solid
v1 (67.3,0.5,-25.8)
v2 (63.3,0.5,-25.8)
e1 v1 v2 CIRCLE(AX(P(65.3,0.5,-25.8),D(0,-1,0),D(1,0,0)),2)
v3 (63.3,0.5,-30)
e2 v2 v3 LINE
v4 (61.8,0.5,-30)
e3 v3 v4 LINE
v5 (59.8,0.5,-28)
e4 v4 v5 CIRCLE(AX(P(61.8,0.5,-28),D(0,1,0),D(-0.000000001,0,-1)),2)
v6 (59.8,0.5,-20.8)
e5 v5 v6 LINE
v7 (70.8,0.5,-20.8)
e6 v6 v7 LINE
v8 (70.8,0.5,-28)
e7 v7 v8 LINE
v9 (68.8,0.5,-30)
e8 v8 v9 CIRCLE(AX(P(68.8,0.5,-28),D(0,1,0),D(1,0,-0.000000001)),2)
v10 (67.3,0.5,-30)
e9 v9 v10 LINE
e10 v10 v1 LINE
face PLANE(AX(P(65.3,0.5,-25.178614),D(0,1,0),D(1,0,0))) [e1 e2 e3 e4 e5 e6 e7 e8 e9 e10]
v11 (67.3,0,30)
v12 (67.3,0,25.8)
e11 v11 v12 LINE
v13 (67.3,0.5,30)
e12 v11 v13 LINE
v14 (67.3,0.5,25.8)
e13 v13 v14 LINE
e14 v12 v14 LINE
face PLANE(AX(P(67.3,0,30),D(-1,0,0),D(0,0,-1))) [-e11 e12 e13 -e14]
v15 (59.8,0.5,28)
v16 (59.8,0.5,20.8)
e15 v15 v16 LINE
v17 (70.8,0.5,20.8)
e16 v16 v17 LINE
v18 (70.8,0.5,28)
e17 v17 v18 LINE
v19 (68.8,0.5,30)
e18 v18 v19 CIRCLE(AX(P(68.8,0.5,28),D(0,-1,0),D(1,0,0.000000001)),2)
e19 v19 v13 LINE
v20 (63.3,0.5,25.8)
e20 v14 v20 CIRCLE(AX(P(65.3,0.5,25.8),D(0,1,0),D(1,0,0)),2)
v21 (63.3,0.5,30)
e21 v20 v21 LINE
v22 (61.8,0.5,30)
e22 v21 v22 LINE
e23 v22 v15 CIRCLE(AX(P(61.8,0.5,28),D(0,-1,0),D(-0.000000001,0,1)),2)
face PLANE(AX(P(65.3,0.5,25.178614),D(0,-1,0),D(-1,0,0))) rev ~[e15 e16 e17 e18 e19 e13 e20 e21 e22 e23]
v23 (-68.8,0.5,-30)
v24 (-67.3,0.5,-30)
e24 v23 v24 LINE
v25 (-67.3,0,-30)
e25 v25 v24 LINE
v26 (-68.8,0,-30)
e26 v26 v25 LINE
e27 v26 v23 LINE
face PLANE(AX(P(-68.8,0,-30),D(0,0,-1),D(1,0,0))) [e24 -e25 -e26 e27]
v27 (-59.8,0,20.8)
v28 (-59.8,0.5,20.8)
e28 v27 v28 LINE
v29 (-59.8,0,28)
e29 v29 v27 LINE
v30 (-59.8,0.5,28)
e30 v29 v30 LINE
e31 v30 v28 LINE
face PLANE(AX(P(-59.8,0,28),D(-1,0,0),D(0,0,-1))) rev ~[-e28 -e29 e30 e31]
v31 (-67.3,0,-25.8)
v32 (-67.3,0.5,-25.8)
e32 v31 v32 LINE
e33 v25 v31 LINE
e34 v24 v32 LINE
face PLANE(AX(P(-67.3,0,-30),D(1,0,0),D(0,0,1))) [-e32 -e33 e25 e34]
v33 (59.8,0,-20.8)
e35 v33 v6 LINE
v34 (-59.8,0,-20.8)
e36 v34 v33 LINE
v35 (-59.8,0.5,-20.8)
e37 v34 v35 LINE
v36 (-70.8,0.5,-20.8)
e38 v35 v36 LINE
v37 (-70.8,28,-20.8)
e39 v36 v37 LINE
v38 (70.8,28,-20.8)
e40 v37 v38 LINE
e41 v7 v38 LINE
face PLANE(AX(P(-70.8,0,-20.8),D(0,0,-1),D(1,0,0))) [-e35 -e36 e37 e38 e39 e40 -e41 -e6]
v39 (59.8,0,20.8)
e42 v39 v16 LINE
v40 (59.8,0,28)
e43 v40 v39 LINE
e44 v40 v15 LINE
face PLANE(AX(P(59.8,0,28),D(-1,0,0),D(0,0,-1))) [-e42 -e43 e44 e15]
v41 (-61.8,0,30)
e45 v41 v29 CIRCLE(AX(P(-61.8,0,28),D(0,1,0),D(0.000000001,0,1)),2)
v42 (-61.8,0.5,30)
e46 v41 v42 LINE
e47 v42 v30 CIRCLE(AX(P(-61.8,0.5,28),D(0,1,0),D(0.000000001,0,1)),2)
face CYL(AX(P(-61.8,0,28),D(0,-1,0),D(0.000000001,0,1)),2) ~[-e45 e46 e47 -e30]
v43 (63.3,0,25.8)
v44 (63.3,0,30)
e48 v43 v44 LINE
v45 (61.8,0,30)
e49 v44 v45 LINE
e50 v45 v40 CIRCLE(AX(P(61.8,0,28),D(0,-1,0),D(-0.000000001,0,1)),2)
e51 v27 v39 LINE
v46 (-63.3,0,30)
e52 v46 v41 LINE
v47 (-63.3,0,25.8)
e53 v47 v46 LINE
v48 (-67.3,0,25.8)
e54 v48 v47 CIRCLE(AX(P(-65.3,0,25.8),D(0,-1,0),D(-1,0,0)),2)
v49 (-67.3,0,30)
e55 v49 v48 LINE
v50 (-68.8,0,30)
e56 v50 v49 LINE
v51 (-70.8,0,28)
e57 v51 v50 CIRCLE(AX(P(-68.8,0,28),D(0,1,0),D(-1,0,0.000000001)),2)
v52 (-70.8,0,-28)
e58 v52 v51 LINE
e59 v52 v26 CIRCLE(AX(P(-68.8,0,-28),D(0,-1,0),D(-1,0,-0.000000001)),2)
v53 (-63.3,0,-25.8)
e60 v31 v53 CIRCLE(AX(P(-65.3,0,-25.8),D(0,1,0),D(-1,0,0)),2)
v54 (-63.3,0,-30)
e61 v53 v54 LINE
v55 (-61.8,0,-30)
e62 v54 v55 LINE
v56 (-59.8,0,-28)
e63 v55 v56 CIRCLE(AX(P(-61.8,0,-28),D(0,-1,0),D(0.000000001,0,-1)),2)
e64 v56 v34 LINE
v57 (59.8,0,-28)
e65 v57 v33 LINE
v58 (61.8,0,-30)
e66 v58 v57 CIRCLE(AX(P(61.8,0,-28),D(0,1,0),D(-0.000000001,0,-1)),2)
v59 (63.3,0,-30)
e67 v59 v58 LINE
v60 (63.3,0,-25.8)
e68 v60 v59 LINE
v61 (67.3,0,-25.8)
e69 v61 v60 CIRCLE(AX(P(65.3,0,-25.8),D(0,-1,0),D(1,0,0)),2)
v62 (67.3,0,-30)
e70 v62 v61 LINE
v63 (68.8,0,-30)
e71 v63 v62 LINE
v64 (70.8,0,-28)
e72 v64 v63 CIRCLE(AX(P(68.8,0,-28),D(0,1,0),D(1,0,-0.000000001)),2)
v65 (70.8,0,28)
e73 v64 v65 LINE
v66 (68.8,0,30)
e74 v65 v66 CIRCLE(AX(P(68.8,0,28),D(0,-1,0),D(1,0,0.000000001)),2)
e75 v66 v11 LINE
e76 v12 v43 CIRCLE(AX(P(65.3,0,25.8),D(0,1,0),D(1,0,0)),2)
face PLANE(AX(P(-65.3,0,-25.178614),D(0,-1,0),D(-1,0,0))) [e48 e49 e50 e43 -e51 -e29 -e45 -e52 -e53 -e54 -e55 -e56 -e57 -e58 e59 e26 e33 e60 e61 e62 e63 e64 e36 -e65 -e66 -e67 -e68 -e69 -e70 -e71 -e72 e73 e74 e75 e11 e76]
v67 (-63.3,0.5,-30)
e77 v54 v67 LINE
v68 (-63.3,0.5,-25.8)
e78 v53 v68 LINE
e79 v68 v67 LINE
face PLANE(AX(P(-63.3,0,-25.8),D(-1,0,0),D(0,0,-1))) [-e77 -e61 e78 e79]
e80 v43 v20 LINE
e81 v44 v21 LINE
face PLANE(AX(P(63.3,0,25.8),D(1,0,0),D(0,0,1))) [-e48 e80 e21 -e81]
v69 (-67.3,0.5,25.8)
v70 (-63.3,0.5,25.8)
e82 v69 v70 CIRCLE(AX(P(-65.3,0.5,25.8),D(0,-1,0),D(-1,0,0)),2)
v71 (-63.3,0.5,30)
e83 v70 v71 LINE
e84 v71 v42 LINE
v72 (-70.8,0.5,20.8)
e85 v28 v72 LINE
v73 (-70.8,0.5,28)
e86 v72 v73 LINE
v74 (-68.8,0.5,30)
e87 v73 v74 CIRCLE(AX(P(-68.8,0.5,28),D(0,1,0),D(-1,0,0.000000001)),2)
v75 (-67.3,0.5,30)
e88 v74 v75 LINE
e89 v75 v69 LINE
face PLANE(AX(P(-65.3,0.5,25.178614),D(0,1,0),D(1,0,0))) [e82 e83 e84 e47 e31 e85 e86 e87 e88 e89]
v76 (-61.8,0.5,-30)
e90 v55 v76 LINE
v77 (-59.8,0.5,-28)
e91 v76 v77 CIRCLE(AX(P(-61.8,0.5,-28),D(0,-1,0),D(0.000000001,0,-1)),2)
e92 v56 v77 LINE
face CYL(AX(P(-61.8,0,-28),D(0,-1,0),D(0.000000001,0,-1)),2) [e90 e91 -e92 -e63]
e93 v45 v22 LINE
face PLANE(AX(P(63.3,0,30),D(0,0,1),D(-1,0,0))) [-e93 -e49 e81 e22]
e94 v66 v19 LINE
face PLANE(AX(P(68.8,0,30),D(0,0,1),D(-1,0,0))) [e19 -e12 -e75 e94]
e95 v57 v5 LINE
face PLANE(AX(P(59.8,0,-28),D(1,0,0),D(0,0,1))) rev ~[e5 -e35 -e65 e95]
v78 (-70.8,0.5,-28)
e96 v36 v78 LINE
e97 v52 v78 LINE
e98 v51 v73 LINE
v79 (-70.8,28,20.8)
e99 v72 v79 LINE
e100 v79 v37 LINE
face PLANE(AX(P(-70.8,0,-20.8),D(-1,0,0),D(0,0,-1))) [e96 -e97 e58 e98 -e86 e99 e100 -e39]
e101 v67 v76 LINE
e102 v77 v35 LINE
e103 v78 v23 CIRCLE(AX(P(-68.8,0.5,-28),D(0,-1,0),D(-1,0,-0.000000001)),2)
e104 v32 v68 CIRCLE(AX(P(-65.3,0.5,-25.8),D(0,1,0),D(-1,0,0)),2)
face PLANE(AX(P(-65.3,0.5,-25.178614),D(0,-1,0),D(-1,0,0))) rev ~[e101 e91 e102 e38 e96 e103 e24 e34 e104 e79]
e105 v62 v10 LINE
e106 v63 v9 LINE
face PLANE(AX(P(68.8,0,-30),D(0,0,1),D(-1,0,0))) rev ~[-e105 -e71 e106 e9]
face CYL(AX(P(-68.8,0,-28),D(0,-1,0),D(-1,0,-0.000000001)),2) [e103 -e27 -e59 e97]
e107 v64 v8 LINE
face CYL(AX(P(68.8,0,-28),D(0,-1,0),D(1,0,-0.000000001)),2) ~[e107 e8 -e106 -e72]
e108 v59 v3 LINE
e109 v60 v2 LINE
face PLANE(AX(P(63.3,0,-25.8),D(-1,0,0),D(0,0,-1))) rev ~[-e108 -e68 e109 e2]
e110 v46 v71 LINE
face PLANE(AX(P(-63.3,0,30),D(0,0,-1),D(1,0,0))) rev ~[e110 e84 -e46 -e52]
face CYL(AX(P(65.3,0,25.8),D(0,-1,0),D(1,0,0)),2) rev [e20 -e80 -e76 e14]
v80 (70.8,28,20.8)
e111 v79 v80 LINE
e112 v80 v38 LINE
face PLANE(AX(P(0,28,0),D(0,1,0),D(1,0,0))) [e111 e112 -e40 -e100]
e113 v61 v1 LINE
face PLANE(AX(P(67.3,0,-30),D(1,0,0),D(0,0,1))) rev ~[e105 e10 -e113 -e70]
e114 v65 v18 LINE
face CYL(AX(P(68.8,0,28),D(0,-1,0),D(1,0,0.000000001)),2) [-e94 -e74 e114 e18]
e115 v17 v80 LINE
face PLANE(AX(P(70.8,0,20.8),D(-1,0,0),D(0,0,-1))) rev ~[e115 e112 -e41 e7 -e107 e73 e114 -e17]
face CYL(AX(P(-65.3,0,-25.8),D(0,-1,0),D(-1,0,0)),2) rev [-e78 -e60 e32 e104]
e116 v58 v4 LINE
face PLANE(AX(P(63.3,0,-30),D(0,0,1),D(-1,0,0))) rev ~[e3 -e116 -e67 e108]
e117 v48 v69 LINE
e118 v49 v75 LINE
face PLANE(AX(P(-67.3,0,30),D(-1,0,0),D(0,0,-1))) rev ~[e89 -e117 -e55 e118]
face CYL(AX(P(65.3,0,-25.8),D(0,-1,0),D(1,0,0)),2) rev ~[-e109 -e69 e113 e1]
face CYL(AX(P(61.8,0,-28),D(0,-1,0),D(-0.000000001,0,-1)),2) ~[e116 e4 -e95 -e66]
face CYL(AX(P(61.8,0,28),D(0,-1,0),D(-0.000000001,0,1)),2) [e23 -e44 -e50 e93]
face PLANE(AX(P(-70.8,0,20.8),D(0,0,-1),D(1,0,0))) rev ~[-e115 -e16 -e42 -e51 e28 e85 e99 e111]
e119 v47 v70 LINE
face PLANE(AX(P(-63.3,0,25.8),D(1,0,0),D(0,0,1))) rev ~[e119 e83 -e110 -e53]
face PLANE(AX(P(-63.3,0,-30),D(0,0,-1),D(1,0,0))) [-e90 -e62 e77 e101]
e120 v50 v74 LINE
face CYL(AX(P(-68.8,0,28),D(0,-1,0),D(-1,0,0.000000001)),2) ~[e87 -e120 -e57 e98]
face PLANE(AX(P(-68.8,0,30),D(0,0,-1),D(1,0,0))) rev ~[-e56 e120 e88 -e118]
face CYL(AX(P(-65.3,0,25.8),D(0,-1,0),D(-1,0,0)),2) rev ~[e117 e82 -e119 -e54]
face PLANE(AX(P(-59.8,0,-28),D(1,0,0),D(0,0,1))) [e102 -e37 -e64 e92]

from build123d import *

# Parameters (mm, degrees)
SCHIZZO1_W                   = 141.6
SCHIZZO1_H                   = 41.6
ESTRUSIONE_ESTRUSIONE1_DEPTH = 28
ESTRUSIONE_ESTRUSIONE2_DEPTH = 0.5


with BuildPart() as part:
    # Schizzo1 → Estrusione-Estrusione1 (new body)
    with BuildSketch(Plane(origin=(0, 0, 0), x_dir=(1, 0, 0), z_dir=(0, 1, 0))):
        Rectangle(SCHIZZO1_W, SCHIZZO1_H)
    extrude(amount=ESTRUSIONE_ESTRUSIONE1_DEPTH)

    # Schizzo2 → Estrusione-Estrusione2 (add)
    with BuildSketch(Plane(origin=(0, 0, 0), x_dir=(1, 0, 0), z_dir=(0, 1, 0))):
        with BuildLine():
            Line((-70.8, 20.8), (-70.8, 28))
            ThreePointArc((-70.8, 28), (-70.214213562, 29.414213562), (-68.8, 30))
            Line((-68.8, 30), (-67.3, 30))
            Line((-67.3, 30), (-67.3, 25.8))
            ThreePointArc((-67.3, 25.8), (-65.3, 23.8), (-63.3, 25.8))
            Line((-63.3, 25.8), (-63.3, 30))
            Line((-63.3, 30), (-61.8, 30))
            ThreePointArc((-61.8, 30), (-60.385786438, 29.414213562), (-59.8, 28))
            Line((-59.8, 28), (-59.8, 20.8))
            Line((-59.8, 20.8), (-70.8, 20.8))
        make_face()
        with BuildLine():
            Line((-63.3, -30), (-61.8, -30))
            ThreePointArc((-61.8, -30), (-60.385786438, -29.414213562), (-59.8, -28))
            Line((-59.8, -28), (-59.8, -20.8))
            Line((-59.8, -20.8), (-70.8, -20.8))
            Line((-70.8, -20.8), (-70.8, -28))
            ThreePointArc((-70.8, -28), (-70.214213562, -29.414213562), (-68.8, -30))
            Line((-68.8, -30), (-67.3, -30))
            Line((-67.3, -30), (-67.3, -25.8))
            ThreePointArc((-67.3, -25.8), (-65.3, -23.8), (-63.3, -25.8))
            Line((-63.3, -25.8), (-63.3, -30))
        make_face()
        with BuildLine():
            Line((63.3, -30), (61.8, -30))
            ThreePointArc((61.8, -30), (60.385786438, -29.414213562), (59.8, -28))
            Line((59.8, -28), (59.8, -20.8))
            Line((59.8, -20.8), (70.8, -20.8))
            Line((70.8, -20.8), (70.8, -28))
            ThreePointArc((70.8, -28), (70.214213562, -29.414213562), (68.8, -30))
            Line((68.8, -30), (67.3, -30))
            Line((67.3, -30), (67.3, -25.8))
            ThreePointArc((67.3, -25.8), (65.3, -23.8), (63.3, -25.8))
            Line((63.3, -25.8), (63.3, -30))
        make_face()
        with BuildLine():
            Line((63.3, 30), (61.8, 30))
            ThreePointArc((61.8, 30), (60.385786438, 29.414213562), (59.8, 28))
            Line((59.8, 28), (59.8, 20.8))
            Line((59.8, 20.8), (70.8, 20.8))
            Line((70.8, 20.8), (70.8, 28))
            ThreePointArc((70.8, 28), (70.214213562, 29.414213562), (68.8, 30))
            Line((68.8, 30), (67.3, 30))
            Line((67.3, 30), (67.3, 25.8))
            ThreePointArc((67.3, 25.8), (65.3, 23.8), (63.3, 25.8))
            Line((63.3, 25.8), (63.3, 30))
        make_face()
    extrude(amount=ESTRUSIONE_ESTRUSIONE2_DEPTH)


solid = part.part
